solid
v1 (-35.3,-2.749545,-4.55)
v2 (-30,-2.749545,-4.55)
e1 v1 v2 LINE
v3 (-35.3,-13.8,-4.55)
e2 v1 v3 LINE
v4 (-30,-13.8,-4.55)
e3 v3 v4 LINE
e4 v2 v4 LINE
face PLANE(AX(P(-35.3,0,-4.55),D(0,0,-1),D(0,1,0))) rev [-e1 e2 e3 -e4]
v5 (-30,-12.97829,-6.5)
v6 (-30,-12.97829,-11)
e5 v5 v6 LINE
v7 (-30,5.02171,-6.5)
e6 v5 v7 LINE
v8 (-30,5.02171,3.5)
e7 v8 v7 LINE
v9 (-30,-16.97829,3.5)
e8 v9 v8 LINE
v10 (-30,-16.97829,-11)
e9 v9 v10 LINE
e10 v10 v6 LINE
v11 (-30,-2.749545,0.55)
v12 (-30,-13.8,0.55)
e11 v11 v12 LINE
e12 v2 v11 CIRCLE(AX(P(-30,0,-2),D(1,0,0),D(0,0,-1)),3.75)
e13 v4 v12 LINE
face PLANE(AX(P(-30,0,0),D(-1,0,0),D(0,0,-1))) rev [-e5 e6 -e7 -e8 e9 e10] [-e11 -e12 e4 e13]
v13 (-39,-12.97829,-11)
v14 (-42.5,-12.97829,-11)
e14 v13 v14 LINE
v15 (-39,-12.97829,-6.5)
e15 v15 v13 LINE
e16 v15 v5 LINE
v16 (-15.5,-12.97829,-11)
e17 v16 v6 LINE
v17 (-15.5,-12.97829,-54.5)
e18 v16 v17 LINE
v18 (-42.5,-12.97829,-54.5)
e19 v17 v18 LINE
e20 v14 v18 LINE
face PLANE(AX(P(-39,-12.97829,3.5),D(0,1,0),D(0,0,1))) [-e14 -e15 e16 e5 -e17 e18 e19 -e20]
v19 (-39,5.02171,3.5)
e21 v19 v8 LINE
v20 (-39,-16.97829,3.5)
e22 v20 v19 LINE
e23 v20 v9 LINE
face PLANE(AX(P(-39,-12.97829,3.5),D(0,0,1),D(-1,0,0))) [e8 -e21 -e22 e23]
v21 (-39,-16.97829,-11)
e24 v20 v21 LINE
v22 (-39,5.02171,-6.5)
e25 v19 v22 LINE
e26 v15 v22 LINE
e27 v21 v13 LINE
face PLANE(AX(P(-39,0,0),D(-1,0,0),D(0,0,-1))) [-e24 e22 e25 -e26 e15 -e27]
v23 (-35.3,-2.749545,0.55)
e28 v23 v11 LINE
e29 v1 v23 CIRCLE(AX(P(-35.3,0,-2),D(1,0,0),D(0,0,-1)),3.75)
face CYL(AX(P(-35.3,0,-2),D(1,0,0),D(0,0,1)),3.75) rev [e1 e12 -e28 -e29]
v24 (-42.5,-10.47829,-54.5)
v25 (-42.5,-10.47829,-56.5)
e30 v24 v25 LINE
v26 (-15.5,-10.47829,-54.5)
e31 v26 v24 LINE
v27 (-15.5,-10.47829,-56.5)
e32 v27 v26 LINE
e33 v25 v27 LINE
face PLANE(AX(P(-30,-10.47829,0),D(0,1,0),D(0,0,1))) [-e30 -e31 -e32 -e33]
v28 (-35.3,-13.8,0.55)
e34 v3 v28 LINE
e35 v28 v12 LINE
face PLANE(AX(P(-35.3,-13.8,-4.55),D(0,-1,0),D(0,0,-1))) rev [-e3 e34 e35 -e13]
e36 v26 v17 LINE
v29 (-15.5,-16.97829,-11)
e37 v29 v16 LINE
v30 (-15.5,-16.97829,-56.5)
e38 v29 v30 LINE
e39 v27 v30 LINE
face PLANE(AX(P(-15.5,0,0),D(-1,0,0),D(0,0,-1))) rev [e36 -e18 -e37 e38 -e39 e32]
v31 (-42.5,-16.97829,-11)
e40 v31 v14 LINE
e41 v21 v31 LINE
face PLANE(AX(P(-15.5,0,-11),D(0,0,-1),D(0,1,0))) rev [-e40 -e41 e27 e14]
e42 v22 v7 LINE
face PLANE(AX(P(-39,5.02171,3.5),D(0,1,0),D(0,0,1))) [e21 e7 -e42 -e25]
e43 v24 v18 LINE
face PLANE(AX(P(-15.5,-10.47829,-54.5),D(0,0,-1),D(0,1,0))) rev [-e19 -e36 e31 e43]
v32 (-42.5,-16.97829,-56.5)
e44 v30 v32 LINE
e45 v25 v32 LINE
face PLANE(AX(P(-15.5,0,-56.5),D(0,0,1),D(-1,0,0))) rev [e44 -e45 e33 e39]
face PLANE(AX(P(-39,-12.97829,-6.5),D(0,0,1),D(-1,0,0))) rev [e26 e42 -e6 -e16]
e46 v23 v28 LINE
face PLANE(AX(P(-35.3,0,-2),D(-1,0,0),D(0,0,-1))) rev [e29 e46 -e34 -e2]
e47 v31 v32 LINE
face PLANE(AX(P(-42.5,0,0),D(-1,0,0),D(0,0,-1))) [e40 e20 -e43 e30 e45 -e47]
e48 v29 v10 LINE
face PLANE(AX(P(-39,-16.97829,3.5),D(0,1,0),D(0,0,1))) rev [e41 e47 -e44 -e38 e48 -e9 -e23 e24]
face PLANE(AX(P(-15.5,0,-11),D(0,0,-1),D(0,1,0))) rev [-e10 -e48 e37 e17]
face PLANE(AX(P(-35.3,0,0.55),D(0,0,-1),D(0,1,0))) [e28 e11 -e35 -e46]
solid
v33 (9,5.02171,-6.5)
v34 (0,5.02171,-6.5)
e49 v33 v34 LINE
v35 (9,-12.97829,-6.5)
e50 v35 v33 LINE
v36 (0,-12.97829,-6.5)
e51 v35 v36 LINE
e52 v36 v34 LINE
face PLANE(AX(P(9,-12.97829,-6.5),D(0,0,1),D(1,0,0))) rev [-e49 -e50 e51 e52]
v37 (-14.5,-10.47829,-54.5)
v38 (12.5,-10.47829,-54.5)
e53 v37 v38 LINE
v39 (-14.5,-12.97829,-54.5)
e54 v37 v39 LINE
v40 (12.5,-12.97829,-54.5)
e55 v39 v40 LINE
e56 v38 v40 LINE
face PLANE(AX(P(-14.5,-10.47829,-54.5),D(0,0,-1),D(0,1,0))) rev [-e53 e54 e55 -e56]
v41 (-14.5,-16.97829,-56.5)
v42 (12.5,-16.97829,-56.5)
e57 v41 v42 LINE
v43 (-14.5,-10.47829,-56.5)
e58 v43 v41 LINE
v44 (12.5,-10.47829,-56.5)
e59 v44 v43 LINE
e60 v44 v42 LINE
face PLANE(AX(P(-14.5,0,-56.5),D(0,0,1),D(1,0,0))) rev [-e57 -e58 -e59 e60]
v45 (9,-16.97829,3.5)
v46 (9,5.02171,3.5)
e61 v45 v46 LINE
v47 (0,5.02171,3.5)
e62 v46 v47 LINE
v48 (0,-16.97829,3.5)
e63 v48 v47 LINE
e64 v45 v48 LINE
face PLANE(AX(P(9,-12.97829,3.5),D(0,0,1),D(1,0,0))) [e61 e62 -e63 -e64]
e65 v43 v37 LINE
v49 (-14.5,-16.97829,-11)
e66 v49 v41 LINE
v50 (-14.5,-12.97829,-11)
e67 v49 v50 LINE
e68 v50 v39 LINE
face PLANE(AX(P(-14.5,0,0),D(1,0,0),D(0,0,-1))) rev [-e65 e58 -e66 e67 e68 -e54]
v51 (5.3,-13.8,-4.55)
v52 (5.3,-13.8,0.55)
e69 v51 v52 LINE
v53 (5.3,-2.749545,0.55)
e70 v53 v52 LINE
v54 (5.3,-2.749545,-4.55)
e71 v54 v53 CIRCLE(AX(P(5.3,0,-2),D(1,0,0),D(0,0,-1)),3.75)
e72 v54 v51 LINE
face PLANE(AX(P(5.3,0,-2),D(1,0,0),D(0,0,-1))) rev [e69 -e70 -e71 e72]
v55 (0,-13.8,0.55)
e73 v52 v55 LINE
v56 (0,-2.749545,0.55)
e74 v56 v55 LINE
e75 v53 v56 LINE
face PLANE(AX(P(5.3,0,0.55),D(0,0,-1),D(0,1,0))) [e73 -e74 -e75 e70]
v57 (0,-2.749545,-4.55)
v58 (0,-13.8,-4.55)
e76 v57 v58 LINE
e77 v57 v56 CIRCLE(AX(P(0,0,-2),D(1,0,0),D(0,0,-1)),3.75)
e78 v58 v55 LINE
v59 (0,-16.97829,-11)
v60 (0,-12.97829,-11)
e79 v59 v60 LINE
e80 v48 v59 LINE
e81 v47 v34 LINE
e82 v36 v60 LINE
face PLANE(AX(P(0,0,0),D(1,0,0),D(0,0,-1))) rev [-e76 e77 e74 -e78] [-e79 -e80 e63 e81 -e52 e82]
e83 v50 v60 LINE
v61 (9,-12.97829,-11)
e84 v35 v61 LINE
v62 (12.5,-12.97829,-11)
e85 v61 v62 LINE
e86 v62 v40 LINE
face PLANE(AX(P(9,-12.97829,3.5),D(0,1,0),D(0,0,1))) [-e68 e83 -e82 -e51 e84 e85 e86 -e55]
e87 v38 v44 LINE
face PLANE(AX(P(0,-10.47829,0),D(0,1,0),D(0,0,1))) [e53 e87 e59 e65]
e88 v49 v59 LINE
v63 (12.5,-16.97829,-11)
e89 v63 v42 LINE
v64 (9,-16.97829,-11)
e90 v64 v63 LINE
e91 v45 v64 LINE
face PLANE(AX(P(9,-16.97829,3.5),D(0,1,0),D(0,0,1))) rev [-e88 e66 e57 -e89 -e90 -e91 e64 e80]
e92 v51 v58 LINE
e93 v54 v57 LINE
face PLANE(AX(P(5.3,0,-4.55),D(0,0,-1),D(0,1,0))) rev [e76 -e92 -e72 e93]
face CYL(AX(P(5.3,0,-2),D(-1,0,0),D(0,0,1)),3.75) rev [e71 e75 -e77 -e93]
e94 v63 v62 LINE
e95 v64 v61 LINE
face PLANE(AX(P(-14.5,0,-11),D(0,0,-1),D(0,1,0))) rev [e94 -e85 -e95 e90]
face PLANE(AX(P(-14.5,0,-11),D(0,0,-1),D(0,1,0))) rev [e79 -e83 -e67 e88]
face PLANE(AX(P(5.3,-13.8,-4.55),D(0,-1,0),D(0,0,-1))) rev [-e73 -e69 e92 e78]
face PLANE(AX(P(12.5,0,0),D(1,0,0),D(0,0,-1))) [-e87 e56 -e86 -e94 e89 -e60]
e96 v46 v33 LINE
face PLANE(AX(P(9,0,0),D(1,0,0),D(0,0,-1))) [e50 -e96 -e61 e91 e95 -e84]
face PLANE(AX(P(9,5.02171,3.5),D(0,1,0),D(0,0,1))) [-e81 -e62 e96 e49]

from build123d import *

# Parameters (mm, degrees)
SKETCH1_W                = 10
SKETCH1_H                = 18
BOSS_EXTRUDE1_DEPTH      = 9
SKETCH1_15_R             = 3.75
SKETCH1_15_W             = 5.1
SKETCH1_15_H             = 13.8
CUT_EXTRUDE1_DEPTH       = 5.3
BOSS_EXTRUDE2_DEPTH      = 12.5
BOSS_EXTRUDE2_DEPTH_BACK = 14.5
SKETCH1_18_W             = 45.5
SKETCH1_18_H             = 4
SKETCH5_W                = 27
SKETCH5_H                = 2
BOSS_EXTRUDE3_DEPTH      = 2.5


with BuildPart() as part:
    # Sketch1 → Boss-Extrude1 (new body)
    with BuildSketch(Plane(origin=(0, 0, 0), x_dir=(0, 0, -1), z_dir=(1, 0, 0))):
        with Locations((1.5, -3.978289551)):
            Rectangle(SKETCH1_W, SKETCH1_H)
        Polygon((6.5, -12.978289551), (-3.5, -12.978289551), (-3.5, -16.978289551), (11, -16.978289551), (11, -12.978289551), align=None)
    extrude(amount=BOSS_EXTRUDE1_DEPTH)

    # Sketch1<15> → Cut-Extrude1 (cut)
    with BuildSketch(Plane(origin=(0, 0, 0), x_dir=(0, 0, -1), z_dir=(1, 0, 0))):
        with Locations((2, 0)):
            Circle(SKETCH1_15_R)
        with Locations((2, -6.9)):
            Rectangle(SKETCH1_15_W, SKETCH1_15_H)
    extrude(amount=CUT_EXTRUDE1_DEPTH, mode=Mode.SUBTRACT)

    # Sketch1<18> → Boss-Extrude2 (add, two sides: drawn at the far end of the back side and taken through both)
    with BuildSketch(Plane(origin=(0, 0, 0), x_dir=(0, 0, -1), z_dir=(1, 0, 0)).offset(-BOSS_EXTRUDE2_DEPTH_BACK)):
        with Locations((33.75, -14.978289551)):
            Rectangle(SKETCH1_18_W, SKETCH1_18_H)
    extrude(amount=BOSS_EXTRUDE2_DEPTH + BOSS_EXTRUDE2_DEPTH_BACK)

    # Sketch5 → Boss-Extrude3 (add)
    with BuildSketch(Plane(origin=(0, -12.978289551, 0), x_dir=(1, 0, 0), z_dir=(0, 1, 0))):
        with Locations((-1, 55.5)):
            Rectangle(SKETCH5_W, SKETCH5_H)
    extrude(amount=BOSS_EXTRUDE3_DEPTH)


with BuildPart() as body_2:
    # Mirror3: mirrored copy
    add(part.part.mirror(Plane(origin=(-15, 0, 0), x_dir=(0, 0, 1), z_dir=(1, 0, 0))))


solid = Compound([part.part, body_2.part])
